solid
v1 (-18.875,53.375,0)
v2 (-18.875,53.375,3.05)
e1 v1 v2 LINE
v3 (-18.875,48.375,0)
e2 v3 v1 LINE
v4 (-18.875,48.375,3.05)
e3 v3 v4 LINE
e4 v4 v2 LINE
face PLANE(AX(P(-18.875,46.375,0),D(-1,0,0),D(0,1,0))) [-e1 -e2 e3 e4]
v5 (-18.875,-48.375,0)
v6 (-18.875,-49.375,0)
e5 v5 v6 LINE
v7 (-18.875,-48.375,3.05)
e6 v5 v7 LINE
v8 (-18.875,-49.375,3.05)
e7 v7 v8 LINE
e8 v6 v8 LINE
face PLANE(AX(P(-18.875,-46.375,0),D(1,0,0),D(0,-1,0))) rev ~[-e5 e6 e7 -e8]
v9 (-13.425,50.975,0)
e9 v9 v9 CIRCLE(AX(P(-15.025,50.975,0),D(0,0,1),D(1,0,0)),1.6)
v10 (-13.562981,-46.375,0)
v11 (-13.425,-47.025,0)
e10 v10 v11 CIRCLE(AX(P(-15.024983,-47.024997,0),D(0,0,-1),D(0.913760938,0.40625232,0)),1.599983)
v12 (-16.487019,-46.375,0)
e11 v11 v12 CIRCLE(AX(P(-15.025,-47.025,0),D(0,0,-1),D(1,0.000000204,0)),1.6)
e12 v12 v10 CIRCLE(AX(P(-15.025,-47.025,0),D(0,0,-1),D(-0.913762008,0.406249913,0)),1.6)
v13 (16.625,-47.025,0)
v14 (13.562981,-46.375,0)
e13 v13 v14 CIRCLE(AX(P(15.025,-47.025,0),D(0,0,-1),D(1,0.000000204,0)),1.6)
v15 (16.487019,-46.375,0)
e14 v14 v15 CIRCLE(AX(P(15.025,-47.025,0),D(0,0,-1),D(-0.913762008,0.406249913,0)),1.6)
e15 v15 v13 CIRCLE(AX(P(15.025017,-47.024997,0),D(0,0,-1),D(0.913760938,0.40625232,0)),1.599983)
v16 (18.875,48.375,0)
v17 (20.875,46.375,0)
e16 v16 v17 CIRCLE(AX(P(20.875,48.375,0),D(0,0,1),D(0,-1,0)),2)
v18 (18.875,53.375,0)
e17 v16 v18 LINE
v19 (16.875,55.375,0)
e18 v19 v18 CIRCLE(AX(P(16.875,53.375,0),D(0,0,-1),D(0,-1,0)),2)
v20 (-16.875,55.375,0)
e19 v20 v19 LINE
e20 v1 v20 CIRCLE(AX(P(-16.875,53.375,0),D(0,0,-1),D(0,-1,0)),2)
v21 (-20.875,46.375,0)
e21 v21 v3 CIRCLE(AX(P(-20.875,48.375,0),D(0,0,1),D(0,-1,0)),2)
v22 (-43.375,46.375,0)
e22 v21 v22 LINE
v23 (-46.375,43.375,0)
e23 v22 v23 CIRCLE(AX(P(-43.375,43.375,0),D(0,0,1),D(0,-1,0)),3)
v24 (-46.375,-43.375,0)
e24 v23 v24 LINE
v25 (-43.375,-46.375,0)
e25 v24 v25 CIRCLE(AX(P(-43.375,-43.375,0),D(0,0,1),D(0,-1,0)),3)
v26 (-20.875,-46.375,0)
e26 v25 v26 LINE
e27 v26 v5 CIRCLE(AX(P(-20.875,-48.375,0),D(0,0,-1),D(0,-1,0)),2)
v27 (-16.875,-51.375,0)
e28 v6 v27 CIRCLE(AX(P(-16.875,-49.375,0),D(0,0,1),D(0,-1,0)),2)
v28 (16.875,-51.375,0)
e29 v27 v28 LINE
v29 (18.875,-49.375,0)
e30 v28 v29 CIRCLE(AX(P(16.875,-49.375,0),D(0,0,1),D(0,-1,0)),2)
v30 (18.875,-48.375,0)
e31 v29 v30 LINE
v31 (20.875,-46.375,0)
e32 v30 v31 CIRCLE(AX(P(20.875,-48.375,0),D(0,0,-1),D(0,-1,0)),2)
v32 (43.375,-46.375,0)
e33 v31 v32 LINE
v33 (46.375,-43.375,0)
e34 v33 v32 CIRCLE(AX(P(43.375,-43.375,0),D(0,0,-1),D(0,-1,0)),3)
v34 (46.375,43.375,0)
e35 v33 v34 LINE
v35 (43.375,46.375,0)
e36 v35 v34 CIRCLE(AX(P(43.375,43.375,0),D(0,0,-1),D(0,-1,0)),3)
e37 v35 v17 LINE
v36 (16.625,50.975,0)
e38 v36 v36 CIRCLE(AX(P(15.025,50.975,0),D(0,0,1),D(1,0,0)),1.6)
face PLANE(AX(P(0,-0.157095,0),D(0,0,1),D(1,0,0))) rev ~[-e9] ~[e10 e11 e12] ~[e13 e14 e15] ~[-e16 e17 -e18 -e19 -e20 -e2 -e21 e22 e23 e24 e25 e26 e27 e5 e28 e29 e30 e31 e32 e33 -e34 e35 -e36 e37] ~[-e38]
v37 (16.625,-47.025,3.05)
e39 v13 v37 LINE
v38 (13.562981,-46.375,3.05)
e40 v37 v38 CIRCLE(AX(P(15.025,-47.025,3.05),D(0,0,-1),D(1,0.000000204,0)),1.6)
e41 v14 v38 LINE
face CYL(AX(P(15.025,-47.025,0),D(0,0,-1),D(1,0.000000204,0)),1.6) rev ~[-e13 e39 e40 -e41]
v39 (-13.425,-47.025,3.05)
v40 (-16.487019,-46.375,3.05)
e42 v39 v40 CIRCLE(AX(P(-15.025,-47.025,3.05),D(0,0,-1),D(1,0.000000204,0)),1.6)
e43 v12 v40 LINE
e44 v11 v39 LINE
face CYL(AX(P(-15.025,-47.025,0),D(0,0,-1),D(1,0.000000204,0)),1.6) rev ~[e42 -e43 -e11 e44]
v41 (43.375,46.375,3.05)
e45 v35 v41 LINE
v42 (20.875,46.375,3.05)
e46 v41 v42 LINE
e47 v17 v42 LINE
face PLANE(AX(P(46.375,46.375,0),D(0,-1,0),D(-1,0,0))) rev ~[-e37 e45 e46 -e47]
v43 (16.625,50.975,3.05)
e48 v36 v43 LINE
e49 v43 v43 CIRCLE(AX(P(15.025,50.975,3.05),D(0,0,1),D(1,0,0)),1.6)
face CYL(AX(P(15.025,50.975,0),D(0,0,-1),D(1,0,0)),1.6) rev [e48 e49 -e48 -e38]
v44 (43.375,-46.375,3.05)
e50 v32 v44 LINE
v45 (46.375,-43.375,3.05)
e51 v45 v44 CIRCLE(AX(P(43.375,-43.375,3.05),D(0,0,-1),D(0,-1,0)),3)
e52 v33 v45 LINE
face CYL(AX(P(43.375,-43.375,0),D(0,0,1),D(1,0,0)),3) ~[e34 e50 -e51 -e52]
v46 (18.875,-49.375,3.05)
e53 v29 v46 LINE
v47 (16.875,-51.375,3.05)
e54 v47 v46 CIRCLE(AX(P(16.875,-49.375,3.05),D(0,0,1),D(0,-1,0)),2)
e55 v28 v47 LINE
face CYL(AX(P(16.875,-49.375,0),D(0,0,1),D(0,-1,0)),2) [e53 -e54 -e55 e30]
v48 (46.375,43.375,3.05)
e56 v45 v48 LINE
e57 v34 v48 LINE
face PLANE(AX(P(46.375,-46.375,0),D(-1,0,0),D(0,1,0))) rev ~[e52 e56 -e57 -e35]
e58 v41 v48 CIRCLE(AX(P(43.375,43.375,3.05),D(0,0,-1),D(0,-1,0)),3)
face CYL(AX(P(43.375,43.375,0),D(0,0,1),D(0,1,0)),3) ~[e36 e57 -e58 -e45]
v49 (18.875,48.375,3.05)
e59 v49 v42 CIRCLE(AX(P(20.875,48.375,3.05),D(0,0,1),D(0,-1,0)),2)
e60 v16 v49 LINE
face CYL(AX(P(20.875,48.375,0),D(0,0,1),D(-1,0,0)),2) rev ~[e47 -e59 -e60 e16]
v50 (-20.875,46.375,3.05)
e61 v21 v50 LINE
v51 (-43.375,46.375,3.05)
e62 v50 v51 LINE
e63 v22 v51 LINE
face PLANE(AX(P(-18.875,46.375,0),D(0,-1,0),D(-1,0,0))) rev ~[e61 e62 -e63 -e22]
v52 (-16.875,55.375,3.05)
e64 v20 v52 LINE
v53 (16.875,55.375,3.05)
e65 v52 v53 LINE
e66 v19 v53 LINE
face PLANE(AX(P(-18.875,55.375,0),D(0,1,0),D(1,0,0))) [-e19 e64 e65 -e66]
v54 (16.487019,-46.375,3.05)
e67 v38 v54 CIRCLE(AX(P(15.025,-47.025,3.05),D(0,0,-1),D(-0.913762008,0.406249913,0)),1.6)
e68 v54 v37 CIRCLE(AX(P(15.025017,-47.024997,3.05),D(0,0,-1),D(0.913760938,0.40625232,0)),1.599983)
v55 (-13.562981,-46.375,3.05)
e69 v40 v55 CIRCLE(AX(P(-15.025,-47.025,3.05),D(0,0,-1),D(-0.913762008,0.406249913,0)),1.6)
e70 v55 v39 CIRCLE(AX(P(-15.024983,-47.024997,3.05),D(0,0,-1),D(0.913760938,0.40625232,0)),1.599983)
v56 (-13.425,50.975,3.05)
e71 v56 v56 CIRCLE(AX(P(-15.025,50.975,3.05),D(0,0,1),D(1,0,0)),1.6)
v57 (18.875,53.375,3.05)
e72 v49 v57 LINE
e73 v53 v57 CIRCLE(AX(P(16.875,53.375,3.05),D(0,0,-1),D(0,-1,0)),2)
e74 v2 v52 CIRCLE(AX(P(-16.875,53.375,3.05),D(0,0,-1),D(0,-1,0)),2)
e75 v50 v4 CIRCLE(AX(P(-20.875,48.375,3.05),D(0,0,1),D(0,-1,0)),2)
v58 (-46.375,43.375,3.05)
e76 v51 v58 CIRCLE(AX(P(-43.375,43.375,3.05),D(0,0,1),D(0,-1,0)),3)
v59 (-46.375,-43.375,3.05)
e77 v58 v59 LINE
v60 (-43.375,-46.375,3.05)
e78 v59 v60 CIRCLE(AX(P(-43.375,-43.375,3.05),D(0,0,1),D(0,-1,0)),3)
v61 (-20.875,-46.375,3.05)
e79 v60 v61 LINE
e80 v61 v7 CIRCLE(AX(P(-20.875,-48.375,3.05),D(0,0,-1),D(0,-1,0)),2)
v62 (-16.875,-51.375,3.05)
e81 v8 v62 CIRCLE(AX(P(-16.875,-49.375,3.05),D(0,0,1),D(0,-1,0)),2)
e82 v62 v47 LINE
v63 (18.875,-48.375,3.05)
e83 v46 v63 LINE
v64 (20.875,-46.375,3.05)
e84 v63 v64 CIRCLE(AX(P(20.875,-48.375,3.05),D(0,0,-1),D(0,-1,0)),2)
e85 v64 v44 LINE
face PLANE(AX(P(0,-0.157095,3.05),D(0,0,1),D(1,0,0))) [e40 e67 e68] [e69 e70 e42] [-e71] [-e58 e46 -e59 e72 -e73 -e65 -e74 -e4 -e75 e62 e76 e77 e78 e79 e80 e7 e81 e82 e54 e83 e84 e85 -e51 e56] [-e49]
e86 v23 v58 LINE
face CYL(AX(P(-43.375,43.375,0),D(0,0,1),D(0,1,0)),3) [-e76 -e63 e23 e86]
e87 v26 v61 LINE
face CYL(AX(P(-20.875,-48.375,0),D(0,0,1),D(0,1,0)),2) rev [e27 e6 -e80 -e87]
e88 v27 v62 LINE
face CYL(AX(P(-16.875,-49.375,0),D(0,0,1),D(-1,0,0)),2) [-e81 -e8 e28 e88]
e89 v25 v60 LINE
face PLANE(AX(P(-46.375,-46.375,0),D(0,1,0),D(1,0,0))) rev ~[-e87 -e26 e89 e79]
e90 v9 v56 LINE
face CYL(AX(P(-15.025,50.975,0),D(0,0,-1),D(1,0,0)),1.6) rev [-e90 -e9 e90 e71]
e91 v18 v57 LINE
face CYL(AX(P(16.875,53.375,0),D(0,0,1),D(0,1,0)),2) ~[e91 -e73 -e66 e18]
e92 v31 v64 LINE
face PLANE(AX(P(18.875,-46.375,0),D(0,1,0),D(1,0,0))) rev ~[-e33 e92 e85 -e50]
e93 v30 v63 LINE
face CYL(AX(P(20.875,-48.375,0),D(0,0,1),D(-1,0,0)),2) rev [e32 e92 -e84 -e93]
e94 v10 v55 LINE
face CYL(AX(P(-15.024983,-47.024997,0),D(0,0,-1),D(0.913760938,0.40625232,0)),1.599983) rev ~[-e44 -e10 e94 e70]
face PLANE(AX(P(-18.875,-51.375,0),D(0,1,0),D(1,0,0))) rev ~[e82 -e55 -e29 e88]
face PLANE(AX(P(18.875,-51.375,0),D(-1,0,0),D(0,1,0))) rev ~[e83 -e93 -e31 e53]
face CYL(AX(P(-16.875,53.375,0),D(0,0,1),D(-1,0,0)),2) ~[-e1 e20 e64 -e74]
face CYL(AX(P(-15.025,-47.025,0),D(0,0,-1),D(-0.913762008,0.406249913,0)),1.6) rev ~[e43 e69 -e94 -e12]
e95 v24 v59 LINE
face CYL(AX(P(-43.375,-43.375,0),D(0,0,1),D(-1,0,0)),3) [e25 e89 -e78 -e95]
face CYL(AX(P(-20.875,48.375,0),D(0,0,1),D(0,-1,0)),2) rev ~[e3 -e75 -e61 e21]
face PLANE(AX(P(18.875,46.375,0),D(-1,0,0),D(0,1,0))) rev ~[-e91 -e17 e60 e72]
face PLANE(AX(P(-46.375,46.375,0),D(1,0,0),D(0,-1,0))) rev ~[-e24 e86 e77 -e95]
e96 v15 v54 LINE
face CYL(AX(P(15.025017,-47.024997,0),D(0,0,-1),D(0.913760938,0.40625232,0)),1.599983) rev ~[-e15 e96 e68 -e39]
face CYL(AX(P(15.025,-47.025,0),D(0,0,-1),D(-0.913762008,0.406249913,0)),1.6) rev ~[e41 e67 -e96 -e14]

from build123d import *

# Parameters (mm, degrees)
F0_W     = 37.75
F0_H     = 9
F0_R     = 1.6
F1_DEPTH = 3.05
F2_R     = 2
F3_R     = 3


with BuildPart() as f1:
    # F0 (on Top) → F1 (new body)
    with BuildSketch(Plane.XY):
        with BuildLine():
            Line((-18.875, 46.375), (-46.375, 46.375))
            Line((-46.375, 46.375), (-46.375, -46.375))
            Line((-46.375, -46.375), (-18.875, -46.375))
            Line((-18.875, -46.375), (-16.487019, -46.375))
            ThreePointArc((-16.487019, -46.375), (-15.025, -45.425), (-13.562981, -46.375))
            Line((-13.562981, -46.375), (13.562981, -46.375))
            ThreePointArc((13.562981, -46.375), (15.025, -45.425), (16.487019, -46.375))
            Line((16.487019, -46.375), (18.875, -46.375))
            Line((18.875, -46.375), (46.375, -46.375))
            Line((46.375, -46.375), (46.375, 46.375))
            Line((46.375, 46.375), (18.875, 46.375))
            Line((18.875, 46.375), (-18.875, 46.375))
        make_face()
        with BuildLine():
            Line((-16.487019, -46.375), (-18.875, -46.375))
            Line((-18.875, -46.375), (-18.875, -51.375))
            Line((-18.875, -51.375), (18.875, -51.375))
            Line((18.875, -51.375), (18.875, -46.375))
            Line((18.875, -46.375), (16.487019, -46.375))
            ThreePointArc((16.487019, -46.375), (16.590125, -46.692758), (16.625, -47.025))
            ThreePointArc((16.625, -47.025), (14.692758, -48.590125), (13.562981, -46.375))
            Line((13.562981, -46.375), (-13.562981, -46.375))
            ThreePointArc((-13.562981, -46.375), (-13.459875, -46.692758), (-13.425, -47.025))
            ThreePointArc((-13.425, -47.025), (-15.357242, -48.590125), (-16.487019, -46.375))
        make_face()
        with Locations((0, 50.875)):
            Rectangle(F0_W, F0_H)
        with Locations((-15.025, 50.975)):
            Circle(F0_R, mode=Mode.SUBTRACT)
        with Locations((15.025, 50.975)):
            Circle(F0_R, mode=Mode.SUBTRACT)
    extrude(amount=F1_DEPTH)

    # F2
    f2_edges = [f1.edges().sort_by_distance(p)[0] for p in [
        (18.875, 46.375, 1.525),
        (-18.875, 46.375, 1.525),
        (-18.875, -46.375, 1.525),
        (18.875, -46.375, 1.525),
        (-18.875, 55.375, 1.525),
        (18.875, 55.375, 1.525),
        (18.875, -51.375, 1.525),
        (-18.875, -51.375, 1.525),
    ]]
    fillet(f2_edges, radius=F2_R)

    # F3
    f3_edges = [f1.edges().sort_by_distance(p)[0] for p in [
        (-46.375, -46.375, 1.525),
        (46.375, -46.375, 1.525),
        (46.375, 46.375, 1.525),
        (-46.375, 46.375, 1.525),
    ]]
    fillet(f3_edges, radius=F3_R)


solid = f1.part
